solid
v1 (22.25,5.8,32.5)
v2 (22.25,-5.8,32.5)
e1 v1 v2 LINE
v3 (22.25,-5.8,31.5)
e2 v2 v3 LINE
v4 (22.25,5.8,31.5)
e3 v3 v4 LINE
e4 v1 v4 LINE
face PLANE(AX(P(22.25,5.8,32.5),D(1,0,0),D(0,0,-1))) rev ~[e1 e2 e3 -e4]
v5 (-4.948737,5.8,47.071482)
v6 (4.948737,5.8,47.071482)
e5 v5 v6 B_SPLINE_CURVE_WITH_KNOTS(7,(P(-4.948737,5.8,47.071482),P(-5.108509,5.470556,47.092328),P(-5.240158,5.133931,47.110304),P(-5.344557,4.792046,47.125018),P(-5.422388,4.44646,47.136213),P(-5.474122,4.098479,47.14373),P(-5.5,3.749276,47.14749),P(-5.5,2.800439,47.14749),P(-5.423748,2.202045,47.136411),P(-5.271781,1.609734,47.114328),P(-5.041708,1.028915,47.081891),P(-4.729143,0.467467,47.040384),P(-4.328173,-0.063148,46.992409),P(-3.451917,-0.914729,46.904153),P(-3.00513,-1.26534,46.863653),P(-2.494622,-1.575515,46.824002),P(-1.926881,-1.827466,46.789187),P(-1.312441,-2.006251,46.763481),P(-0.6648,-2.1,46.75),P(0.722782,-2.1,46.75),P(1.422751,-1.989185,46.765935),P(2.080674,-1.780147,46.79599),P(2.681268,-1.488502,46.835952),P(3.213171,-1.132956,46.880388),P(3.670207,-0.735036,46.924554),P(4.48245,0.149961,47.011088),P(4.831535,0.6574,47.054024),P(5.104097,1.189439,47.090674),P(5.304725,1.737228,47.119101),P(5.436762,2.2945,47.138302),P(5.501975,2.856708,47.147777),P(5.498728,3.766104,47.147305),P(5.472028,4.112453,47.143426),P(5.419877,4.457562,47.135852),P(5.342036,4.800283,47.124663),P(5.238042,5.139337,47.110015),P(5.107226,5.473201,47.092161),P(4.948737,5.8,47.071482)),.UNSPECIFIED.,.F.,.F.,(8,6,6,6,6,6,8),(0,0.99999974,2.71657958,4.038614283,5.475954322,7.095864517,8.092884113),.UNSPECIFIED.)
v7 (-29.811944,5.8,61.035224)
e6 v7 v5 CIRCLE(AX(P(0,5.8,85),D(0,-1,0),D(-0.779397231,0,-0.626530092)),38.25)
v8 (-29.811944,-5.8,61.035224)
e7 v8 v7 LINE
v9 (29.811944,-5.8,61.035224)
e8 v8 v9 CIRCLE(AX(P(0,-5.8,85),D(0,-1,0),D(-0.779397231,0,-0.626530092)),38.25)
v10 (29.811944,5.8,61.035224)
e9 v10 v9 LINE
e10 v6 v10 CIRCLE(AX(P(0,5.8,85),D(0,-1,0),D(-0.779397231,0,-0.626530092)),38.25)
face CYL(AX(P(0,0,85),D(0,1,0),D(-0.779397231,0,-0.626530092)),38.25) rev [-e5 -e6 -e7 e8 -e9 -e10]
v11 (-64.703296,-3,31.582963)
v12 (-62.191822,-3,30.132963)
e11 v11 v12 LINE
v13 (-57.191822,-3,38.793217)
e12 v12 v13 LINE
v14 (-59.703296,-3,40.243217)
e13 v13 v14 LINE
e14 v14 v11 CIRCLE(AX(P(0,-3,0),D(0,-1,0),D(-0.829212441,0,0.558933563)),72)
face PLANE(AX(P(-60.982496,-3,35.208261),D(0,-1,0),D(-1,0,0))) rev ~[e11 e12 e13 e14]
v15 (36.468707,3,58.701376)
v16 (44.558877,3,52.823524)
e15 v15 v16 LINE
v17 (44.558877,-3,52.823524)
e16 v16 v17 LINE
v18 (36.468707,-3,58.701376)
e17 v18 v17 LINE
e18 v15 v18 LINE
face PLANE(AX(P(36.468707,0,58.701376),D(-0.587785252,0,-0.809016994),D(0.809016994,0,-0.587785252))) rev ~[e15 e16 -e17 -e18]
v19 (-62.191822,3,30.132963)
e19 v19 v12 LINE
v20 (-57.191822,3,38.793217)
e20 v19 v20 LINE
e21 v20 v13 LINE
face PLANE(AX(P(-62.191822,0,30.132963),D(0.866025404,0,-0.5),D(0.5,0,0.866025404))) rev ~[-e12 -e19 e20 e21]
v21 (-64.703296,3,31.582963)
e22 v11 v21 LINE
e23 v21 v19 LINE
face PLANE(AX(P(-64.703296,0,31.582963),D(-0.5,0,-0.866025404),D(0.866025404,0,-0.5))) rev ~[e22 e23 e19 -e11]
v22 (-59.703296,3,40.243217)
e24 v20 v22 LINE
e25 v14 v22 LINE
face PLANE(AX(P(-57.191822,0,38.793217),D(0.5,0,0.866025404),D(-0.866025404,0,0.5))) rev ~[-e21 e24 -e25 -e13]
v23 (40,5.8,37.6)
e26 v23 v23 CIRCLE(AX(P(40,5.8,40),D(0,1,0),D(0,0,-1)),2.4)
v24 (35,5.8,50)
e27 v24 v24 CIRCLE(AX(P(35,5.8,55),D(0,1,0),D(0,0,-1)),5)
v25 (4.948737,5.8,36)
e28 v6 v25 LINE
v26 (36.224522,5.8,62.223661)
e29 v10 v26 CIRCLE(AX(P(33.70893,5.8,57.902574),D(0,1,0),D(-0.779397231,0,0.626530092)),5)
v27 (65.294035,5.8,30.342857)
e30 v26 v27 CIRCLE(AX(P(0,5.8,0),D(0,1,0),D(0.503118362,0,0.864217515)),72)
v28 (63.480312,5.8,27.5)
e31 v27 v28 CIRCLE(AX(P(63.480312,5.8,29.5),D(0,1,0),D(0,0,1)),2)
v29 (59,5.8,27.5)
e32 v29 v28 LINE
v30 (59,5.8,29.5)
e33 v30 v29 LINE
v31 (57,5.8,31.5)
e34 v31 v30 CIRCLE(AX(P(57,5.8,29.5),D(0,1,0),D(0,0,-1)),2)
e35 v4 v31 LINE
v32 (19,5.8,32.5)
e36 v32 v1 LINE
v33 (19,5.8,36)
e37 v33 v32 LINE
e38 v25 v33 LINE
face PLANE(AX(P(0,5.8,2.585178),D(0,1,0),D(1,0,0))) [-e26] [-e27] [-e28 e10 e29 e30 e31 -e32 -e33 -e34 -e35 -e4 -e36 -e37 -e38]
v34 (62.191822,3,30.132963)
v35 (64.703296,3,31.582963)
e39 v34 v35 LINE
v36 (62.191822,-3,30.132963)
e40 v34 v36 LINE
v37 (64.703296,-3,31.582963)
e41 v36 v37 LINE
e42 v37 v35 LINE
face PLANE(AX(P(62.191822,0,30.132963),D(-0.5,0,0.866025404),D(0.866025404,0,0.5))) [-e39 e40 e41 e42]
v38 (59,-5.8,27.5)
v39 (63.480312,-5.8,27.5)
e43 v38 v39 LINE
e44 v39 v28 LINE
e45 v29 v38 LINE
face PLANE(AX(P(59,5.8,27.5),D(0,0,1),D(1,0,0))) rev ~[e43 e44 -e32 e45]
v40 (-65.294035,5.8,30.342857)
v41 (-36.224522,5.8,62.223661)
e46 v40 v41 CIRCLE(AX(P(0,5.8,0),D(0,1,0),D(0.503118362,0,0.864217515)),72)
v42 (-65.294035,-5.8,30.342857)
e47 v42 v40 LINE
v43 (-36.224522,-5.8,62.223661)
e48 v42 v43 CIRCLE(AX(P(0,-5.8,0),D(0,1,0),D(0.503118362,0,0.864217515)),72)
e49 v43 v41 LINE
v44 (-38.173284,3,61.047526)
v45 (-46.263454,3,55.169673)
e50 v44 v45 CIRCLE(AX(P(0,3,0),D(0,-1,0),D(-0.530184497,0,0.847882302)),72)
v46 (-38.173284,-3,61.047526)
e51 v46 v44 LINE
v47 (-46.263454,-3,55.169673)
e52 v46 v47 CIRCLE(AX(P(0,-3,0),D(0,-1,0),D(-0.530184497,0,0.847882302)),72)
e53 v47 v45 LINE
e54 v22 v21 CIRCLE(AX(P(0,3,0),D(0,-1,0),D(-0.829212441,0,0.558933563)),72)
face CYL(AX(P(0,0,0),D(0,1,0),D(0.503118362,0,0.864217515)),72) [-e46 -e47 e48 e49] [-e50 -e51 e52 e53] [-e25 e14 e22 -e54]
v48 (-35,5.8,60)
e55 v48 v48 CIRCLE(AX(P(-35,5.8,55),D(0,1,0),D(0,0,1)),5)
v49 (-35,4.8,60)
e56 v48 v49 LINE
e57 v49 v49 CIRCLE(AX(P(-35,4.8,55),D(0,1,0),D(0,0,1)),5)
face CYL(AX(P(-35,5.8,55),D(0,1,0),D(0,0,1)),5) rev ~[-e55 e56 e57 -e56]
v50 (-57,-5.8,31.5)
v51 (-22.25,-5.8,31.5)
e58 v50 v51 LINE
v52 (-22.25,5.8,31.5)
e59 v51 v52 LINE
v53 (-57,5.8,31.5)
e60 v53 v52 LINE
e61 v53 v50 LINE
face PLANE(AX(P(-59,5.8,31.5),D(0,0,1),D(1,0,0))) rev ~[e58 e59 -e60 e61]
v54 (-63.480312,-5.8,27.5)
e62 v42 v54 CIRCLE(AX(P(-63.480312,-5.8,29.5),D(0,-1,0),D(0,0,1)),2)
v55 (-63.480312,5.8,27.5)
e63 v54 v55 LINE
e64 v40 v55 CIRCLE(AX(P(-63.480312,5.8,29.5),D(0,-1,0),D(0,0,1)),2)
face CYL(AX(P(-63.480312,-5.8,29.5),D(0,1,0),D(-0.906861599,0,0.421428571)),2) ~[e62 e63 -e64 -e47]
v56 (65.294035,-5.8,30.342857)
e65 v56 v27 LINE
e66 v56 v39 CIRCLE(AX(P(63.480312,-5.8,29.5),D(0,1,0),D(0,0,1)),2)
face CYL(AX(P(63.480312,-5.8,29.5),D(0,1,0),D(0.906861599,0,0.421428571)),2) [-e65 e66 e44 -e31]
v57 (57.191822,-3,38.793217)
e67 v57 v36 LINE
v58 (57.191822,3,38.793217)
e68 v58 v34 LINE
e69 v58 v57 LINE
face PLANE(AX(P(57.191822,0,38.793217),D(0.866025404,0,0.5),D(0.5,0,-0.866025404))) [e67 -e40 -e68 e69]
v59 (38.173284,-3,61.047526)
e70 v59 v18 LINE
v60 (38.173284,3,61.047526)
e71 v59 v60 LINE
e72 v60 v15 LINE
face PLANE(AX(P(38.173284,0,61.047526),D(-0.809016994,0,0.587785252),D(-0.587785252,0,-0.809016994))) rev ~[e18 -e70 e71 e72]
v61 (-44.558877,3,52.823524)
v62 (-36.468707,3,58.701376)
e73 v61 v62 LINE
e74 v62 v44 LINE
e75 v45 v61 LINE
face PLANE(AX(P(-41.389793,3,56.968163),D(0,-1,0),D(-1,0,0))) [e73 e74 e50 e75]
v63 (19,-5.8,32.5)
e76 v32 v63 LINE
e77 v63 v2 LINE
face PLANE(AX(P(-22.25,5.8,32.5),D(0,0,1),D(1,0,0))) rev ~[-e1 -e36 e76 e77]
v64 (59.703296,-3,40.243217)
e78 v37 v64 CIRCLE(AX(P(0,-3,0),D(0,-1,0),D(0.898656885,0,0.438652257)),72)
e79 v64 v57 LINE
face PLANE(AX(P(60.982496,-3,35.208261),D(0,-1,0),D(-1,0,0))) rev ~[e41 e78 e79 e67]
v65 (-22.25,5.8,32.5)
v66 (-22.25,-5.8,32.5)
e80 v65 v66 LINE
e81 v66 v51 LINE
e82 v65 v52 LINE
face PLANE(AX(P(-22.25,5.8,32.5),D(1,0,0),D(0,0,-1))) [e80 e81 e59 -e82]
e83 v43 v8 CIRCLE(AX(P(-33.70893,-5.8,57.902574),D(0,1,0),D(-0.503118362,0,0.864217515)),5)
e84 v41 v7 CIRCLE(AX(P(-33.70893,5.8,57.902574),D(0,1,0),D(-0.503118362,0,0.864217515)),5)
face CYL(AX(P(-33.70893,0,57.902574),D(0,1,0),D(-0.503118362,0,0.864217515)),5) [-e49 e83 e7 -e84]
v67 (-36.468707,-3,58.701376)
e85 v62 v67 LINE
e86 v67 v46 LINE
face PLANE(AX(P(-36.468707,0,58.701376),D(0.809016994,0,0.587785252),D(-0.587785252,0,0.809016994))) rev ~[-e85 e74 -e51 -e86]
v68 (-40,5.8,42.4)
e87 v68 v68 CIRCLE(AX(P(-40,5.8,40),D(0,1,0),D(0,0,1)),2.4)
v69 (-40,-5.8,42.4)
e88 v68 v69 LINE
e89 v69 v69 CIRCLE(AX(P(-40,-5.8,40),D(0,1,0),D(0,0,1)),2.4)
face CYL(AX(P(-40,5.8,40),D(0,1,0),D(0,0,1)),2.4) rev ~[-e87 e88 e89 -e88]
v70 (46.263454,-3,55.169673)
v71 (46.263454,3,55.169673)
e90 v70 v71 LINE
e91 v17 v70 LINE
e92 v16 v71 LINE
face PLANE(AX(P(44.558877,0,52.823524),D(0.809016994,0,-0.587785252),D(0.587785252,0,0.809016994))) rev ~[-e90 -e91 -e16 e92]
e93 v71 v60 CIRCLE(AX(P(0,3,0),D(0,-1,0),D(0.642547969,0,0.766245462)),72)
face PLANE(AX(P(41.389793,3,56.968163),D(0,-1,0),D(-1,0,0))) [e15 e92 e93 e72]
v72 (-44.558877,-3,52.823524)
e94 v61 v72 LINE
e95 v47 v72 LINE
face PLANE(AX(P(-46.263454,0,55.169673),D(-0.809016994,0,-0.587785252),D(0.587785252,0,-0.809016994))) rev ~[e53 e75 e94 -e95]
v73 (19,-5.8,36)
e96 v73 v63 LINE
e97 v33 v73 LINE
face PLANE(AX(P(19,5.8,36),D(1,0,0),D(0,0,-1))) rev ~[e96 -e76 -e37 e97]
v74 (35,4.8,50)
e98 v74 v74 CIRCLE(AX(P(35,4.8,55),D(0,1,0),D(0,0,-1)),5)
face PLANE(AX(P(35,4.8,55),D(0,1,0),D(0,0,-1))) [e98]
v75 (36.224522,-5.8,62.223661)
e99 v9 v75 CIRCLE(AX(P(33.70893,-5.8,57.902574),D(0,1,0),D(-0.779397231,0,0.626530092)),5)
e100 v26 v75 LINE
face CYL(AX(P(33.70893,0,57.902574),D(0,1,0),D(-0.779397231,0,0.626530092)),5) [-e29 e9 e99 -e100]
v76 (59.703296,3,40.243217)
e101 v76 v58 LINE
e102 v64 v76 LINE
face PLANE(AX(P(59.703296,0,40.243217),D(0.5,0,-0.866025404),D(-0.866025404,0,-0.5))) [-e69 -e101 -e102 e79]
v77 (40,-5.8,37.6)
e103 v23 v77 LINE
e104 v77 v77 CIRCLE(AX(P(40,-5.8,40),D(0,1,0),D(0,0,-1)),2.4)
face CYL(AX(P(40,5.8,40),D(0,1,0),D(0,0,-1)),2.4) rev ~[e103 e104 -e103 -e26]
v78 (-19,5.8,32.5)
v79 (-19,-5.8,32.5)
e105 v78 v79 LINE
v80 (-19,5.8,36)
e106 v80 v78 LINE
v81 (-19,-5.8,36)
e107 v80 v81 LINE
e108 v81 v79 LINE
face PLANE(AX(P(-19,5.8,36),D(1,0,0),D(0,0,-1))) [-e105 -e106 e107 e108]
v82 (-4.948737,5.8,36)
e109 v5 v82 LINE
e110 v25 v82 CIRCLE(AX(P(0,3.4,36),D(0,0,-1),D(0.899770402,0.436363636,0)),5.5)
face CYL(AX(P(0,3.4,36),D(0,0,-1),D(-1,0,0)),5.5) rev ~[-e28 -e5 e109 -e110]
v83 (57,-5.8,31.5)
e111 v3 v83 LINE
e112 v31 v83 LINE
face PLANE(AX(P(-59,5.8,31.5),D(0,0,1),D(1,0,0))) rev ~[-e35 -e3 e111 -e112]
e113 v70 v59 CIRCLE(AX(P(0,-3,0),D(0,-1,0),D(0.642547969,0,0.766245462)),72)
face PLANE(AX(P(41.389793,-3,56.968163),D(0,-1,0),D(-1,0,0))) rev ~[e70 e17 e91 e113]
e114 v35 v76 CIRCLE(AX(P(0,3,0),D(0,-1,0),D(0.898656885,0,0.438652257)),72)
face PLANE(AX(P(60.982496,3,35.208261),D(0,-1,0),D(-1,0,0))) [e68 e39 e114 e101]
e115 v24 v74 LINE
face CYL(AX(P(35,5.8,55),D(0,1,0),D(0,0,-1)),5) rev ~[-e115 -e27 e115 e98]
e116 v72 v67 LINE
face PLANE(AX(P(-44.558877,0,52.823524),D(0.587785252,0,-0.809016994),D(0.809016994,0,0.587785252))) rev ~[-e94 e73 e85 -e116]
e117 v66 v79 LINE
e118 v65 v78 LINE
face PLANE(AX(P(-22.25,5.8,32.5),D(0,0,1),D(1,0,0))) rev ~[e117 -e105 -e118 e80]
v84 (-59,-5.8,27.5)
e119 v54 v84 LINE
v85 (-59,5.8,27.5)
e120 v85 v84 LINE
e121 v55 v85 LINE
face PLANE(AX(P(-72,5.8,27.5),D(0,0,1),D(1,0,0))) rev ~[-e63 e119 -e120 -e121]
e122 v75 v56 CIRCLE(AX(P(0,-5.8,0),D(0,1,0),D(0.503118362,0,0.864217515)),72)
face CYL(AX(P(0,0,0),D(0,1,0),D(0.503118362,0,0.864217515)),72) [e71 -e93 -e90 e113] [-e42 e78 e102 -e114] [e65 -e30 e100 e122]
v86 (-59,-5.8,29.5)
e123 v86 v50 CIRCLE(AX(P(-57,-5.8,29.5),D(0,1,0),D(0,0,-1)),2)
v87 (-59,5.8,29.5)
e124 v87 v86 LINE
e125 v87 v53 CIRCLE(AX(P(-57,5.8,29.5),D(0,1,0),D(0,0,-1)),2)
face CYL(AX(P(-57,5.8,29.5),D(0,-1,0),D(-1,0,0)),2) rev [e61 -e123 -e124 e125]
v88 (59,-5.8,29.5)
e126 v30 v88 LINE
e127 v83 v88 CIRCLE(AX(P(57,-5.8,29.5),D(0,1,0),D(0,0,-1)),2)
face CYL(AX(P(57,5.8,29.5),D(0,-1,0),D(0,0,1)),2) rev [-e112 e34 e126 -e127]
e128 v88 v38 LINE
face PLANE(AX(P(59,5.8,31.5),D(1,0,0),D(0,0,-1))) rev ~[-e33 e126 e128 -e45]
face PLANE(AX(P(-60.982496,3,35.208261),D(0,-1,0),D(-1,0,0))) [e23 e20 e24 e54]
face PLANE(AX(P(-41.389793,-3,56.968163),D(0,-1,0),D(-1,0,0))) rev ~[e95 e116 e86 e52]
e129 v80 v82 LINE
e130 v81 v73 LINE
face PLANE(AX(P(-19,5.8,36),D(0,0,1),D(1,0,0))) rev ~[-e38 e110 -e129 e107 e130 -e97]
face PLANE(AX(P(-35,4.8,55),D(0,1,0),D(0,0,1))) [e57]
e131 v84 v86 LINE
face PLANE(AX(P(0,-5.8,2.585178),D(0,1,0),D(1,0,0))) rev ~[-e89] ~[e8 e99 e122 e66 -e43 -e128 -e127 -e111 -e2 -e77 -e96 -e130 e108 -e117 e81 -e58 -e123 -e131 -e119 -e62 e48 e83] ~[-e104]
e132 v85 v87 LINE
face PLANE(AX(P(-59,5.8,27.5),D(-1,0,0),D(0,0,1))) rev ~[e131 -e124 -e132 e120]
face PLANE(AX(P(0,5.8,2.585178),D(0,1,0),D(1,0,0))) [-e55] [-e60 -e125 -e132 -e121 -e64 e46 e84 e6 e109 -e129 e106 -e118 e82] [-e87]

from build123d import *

# Parameters (mm, degrees)
BOSS_EXTRUDE1_DEPTH  = 5.8
SOLENOID_PLACEMENT_W = 38
SOLENOID_PLACEMENT_H = 64
CUT_EXTRUDE1_DEPTH   = 103.481998419
SKETCH6_R            = 2.4
CUT_EXTRUDE6_DEPTH   = 103.481998419
CUT_EXTRUDE3_DEPTH   = 103.481998419
FILLET1_R            = 2
CUT_EXTRUDE7_DEPTH   = 3
SKETCH11_R           = 5.5
CUT_EXTRUDE8_DEPTH   = 72.028583754
SKETCH12_W           = 44.5
SKETCH12_H           = 65
CUT_EXTRUDE9_DEPTH   = 92.53668667
SKETCH13_R           = 5
CUT_EXTRUDE10_DEPTH  = 1


with BuildPart() as part:
    # Sketch1 → Boss-Extrude1 (new, symmetric)
    with BuildSketch(Plane(origin=(0, 0, 0), x_dir=(1, 0, 0), z_dir=(0, 1, 0))):
        with BuildLine():
            ThreePointArc((36.224522061, -62.223661106), (0, 72), (-36.224522061, -62.223661106))
            ThreePointArc((-36.224522061, -62.223661106), (-32.797800029, -62.818856853), (-29.811944095, -61.035223988))
            ThreePointArc((-29.811944095, -61.035223988), (0, -46.75), (29.811944095, -61.035223988))
            ThreePointArc((29.811944095, -61.035223988), (32.797800029, -62.818856853), (36.224522061, -62.223661106))
        make_face()
    extrude(amount=BOSS_EXTRUDE1_DEPTH, both=True)

    # solenoid placement → Cut-Extrude1 (cut, through all)
    with BuildSketch(Plane(origin=(0, 5.8, 0), x_dir=(1, 0, 0), z_dir=(0, 1, 0))):
        with Locations((0, -4)):
            Rectangle(SOLENOID_PLACEMENT_W, SOLENOID_PLACEMENT_H)
    extrude(amount=-CUT_EXTRUDE1_DEPTH, mode=Mode.SUBTRACT)

    # Sketch6 → Cut-Extrude6 (cut, through all)
    with BuildSketch(Plane(origin=(0, 5.8, 0), x_dir=(1, 0, 0), z_dir=(0, 1, 0))):
        with Locations(Location((40, -40, 0), (0, 0, 90))):
            Circle(SKETCH6_R)
        with Locations(Location((-40, -40, 0), (0, 0, 270))):
            Circle(SKETCH6_R)
    extrude(amount=-CUT_EXTRUDE6_DEPTH, mode=Mode.SUBTRACT)

    # Sketch3 → Cut-Extrude3 (cut, through all)
    with BuildSketch(Plane(origin=(0, 5.8, 0), x_dir=(1, 0, 0), z_dir=(0, 1, 0))):
        Polygon((-72, -27.5), (-59, -27.5), (-59, -31.5), (59, -31.5), (59, -27.5), (72, -27.5), (72, 31.5), (72, 72), (-72, 72), (-72, 31.5), align=None)
    extrude(amount=-CUT_EXTRUDE3_DEPTH, mode=Mode.SUBTRACT)

    # Fillet1
    fillet1_edges = [part.edges().sort_by_distance(p)[0] for p in [
        (66.541340534, 0, 27.5),
        (-66.541340534, 0, 27.5),
        (59, 0, 31.5),
        (-59, 0, 31.5),
    ]]
    fillet(fillet1_edges, radius=FILLET1_R)

    # Sketch9 → Cut-Extrude7 (cut, symmetric)
    with BuildSketch(Plane(origin=(0, 0, 0), x_dir=(1, 0, 0), z_dir=(0, 1, 0))):
        with BuildLine():
            Line((-64.703295733, -31.582962517), (-62.191822062, -30.132962517))
            Line((-62.191822062, -30.132962517), (-57.191822062, -38.793216555))
            Line((-57.191822062, -38.793216555), (-59.703295733, -40.243216555))
            ThreePointArc((-59.703295733, -40.243216555), (-62.353829072, -36), (-64.703295733, -31.582962517))
        make_face()
        with BuildLine():
            Line((-46.263453759, -55.169673248), (-44.558876527, -52.823523965))
            Line((-44.558876527, -52.823523965), (-36.468706583, -58.701376488))
            Line((-36.468706583, -58.701376488), (-38.173283815, -61.047525771))
            ThreePointArc((-38.173283815, -61.047525771), (-42.320538165, -58.249223595), (-46.263453759, -55.169673248))
        make_face()
        with BuildLine():
            Line((38.173283815, -61.047525771), (36.468706583, -58.701376488))
            Line((36.468706583, -58.701376488), (44.558876527, -52.823523965))
            Line((44.558876527, -52.823523965), (46.263453759, -55.169673248))
            ThreePointArc((46.263453759, -55.169673248), (42.320538165, -58.249223595), (38.173283815, -61.047525771))
        make_face()
        with BuildLine():
            Line((59.703295733, -40.243216555), (57.191822062, -38.793216555))
            Line((57.191822062, -38.793216555), (62.191822062, -30.132962517))
            Line((62.191822062, -30.132962517), (64.703295733, -31.582962517))
            ThreePointArc((64.703295733, -31.582962517), (62.353829072, -36), (59.703295733, -40.243216555))
        make_face()
    extrude(amount=CUT_EXTRUDE7_DEPTH, both=True, mode=Mode.SUBTRACT)

    # Sketch11 → Cut-Extrude8 (cut, through all)
    with BuildSketch(Plane(origin=(0, 0, 36), x_dir=(-1, 0, 0), z_dir=(0, 0, -1))):
        with Locations((0, 3.4)):
            Circle(SKETCH11_R)
    extrude(amount=-CUT_EXTRUDE8_DEPTH, mode=Mode.SUBTRACT)

    # Sketch12 → Cut-Extrude9 (cut, through all)
    with BuildSketch(Plane(origin=(0, 5.8, 0), x_dir=(1, 0, 0), z_dir=(0, 1, 0))):
        Rectangle(SKETCH12_W, SKETCH12_H)
    extrude(amount=-CUT_EXTRUDE9_DEPTH, mode=Mode.SUBTRACT)

    # Sketch13 → Cut-Extrude10 (cut)
    with BuildSketch(Plane(origin=(0, 5.8, 0), x_dir=(1, 0, 0), z_dir=(0, 1, 0))):
        with Locations(Location((-35, -55, 0), (0, 0, 270))):
            Circle(SKETCH13_R)
        with Locations(Location((35, -55, 0), (0, 0, 90))):
            Circle(SKETCH13_R)
    extrude(amount=-CUT_EXTRUDE10_DEPTH, mode=Mode.SUBTRACT)


solid = part.part
